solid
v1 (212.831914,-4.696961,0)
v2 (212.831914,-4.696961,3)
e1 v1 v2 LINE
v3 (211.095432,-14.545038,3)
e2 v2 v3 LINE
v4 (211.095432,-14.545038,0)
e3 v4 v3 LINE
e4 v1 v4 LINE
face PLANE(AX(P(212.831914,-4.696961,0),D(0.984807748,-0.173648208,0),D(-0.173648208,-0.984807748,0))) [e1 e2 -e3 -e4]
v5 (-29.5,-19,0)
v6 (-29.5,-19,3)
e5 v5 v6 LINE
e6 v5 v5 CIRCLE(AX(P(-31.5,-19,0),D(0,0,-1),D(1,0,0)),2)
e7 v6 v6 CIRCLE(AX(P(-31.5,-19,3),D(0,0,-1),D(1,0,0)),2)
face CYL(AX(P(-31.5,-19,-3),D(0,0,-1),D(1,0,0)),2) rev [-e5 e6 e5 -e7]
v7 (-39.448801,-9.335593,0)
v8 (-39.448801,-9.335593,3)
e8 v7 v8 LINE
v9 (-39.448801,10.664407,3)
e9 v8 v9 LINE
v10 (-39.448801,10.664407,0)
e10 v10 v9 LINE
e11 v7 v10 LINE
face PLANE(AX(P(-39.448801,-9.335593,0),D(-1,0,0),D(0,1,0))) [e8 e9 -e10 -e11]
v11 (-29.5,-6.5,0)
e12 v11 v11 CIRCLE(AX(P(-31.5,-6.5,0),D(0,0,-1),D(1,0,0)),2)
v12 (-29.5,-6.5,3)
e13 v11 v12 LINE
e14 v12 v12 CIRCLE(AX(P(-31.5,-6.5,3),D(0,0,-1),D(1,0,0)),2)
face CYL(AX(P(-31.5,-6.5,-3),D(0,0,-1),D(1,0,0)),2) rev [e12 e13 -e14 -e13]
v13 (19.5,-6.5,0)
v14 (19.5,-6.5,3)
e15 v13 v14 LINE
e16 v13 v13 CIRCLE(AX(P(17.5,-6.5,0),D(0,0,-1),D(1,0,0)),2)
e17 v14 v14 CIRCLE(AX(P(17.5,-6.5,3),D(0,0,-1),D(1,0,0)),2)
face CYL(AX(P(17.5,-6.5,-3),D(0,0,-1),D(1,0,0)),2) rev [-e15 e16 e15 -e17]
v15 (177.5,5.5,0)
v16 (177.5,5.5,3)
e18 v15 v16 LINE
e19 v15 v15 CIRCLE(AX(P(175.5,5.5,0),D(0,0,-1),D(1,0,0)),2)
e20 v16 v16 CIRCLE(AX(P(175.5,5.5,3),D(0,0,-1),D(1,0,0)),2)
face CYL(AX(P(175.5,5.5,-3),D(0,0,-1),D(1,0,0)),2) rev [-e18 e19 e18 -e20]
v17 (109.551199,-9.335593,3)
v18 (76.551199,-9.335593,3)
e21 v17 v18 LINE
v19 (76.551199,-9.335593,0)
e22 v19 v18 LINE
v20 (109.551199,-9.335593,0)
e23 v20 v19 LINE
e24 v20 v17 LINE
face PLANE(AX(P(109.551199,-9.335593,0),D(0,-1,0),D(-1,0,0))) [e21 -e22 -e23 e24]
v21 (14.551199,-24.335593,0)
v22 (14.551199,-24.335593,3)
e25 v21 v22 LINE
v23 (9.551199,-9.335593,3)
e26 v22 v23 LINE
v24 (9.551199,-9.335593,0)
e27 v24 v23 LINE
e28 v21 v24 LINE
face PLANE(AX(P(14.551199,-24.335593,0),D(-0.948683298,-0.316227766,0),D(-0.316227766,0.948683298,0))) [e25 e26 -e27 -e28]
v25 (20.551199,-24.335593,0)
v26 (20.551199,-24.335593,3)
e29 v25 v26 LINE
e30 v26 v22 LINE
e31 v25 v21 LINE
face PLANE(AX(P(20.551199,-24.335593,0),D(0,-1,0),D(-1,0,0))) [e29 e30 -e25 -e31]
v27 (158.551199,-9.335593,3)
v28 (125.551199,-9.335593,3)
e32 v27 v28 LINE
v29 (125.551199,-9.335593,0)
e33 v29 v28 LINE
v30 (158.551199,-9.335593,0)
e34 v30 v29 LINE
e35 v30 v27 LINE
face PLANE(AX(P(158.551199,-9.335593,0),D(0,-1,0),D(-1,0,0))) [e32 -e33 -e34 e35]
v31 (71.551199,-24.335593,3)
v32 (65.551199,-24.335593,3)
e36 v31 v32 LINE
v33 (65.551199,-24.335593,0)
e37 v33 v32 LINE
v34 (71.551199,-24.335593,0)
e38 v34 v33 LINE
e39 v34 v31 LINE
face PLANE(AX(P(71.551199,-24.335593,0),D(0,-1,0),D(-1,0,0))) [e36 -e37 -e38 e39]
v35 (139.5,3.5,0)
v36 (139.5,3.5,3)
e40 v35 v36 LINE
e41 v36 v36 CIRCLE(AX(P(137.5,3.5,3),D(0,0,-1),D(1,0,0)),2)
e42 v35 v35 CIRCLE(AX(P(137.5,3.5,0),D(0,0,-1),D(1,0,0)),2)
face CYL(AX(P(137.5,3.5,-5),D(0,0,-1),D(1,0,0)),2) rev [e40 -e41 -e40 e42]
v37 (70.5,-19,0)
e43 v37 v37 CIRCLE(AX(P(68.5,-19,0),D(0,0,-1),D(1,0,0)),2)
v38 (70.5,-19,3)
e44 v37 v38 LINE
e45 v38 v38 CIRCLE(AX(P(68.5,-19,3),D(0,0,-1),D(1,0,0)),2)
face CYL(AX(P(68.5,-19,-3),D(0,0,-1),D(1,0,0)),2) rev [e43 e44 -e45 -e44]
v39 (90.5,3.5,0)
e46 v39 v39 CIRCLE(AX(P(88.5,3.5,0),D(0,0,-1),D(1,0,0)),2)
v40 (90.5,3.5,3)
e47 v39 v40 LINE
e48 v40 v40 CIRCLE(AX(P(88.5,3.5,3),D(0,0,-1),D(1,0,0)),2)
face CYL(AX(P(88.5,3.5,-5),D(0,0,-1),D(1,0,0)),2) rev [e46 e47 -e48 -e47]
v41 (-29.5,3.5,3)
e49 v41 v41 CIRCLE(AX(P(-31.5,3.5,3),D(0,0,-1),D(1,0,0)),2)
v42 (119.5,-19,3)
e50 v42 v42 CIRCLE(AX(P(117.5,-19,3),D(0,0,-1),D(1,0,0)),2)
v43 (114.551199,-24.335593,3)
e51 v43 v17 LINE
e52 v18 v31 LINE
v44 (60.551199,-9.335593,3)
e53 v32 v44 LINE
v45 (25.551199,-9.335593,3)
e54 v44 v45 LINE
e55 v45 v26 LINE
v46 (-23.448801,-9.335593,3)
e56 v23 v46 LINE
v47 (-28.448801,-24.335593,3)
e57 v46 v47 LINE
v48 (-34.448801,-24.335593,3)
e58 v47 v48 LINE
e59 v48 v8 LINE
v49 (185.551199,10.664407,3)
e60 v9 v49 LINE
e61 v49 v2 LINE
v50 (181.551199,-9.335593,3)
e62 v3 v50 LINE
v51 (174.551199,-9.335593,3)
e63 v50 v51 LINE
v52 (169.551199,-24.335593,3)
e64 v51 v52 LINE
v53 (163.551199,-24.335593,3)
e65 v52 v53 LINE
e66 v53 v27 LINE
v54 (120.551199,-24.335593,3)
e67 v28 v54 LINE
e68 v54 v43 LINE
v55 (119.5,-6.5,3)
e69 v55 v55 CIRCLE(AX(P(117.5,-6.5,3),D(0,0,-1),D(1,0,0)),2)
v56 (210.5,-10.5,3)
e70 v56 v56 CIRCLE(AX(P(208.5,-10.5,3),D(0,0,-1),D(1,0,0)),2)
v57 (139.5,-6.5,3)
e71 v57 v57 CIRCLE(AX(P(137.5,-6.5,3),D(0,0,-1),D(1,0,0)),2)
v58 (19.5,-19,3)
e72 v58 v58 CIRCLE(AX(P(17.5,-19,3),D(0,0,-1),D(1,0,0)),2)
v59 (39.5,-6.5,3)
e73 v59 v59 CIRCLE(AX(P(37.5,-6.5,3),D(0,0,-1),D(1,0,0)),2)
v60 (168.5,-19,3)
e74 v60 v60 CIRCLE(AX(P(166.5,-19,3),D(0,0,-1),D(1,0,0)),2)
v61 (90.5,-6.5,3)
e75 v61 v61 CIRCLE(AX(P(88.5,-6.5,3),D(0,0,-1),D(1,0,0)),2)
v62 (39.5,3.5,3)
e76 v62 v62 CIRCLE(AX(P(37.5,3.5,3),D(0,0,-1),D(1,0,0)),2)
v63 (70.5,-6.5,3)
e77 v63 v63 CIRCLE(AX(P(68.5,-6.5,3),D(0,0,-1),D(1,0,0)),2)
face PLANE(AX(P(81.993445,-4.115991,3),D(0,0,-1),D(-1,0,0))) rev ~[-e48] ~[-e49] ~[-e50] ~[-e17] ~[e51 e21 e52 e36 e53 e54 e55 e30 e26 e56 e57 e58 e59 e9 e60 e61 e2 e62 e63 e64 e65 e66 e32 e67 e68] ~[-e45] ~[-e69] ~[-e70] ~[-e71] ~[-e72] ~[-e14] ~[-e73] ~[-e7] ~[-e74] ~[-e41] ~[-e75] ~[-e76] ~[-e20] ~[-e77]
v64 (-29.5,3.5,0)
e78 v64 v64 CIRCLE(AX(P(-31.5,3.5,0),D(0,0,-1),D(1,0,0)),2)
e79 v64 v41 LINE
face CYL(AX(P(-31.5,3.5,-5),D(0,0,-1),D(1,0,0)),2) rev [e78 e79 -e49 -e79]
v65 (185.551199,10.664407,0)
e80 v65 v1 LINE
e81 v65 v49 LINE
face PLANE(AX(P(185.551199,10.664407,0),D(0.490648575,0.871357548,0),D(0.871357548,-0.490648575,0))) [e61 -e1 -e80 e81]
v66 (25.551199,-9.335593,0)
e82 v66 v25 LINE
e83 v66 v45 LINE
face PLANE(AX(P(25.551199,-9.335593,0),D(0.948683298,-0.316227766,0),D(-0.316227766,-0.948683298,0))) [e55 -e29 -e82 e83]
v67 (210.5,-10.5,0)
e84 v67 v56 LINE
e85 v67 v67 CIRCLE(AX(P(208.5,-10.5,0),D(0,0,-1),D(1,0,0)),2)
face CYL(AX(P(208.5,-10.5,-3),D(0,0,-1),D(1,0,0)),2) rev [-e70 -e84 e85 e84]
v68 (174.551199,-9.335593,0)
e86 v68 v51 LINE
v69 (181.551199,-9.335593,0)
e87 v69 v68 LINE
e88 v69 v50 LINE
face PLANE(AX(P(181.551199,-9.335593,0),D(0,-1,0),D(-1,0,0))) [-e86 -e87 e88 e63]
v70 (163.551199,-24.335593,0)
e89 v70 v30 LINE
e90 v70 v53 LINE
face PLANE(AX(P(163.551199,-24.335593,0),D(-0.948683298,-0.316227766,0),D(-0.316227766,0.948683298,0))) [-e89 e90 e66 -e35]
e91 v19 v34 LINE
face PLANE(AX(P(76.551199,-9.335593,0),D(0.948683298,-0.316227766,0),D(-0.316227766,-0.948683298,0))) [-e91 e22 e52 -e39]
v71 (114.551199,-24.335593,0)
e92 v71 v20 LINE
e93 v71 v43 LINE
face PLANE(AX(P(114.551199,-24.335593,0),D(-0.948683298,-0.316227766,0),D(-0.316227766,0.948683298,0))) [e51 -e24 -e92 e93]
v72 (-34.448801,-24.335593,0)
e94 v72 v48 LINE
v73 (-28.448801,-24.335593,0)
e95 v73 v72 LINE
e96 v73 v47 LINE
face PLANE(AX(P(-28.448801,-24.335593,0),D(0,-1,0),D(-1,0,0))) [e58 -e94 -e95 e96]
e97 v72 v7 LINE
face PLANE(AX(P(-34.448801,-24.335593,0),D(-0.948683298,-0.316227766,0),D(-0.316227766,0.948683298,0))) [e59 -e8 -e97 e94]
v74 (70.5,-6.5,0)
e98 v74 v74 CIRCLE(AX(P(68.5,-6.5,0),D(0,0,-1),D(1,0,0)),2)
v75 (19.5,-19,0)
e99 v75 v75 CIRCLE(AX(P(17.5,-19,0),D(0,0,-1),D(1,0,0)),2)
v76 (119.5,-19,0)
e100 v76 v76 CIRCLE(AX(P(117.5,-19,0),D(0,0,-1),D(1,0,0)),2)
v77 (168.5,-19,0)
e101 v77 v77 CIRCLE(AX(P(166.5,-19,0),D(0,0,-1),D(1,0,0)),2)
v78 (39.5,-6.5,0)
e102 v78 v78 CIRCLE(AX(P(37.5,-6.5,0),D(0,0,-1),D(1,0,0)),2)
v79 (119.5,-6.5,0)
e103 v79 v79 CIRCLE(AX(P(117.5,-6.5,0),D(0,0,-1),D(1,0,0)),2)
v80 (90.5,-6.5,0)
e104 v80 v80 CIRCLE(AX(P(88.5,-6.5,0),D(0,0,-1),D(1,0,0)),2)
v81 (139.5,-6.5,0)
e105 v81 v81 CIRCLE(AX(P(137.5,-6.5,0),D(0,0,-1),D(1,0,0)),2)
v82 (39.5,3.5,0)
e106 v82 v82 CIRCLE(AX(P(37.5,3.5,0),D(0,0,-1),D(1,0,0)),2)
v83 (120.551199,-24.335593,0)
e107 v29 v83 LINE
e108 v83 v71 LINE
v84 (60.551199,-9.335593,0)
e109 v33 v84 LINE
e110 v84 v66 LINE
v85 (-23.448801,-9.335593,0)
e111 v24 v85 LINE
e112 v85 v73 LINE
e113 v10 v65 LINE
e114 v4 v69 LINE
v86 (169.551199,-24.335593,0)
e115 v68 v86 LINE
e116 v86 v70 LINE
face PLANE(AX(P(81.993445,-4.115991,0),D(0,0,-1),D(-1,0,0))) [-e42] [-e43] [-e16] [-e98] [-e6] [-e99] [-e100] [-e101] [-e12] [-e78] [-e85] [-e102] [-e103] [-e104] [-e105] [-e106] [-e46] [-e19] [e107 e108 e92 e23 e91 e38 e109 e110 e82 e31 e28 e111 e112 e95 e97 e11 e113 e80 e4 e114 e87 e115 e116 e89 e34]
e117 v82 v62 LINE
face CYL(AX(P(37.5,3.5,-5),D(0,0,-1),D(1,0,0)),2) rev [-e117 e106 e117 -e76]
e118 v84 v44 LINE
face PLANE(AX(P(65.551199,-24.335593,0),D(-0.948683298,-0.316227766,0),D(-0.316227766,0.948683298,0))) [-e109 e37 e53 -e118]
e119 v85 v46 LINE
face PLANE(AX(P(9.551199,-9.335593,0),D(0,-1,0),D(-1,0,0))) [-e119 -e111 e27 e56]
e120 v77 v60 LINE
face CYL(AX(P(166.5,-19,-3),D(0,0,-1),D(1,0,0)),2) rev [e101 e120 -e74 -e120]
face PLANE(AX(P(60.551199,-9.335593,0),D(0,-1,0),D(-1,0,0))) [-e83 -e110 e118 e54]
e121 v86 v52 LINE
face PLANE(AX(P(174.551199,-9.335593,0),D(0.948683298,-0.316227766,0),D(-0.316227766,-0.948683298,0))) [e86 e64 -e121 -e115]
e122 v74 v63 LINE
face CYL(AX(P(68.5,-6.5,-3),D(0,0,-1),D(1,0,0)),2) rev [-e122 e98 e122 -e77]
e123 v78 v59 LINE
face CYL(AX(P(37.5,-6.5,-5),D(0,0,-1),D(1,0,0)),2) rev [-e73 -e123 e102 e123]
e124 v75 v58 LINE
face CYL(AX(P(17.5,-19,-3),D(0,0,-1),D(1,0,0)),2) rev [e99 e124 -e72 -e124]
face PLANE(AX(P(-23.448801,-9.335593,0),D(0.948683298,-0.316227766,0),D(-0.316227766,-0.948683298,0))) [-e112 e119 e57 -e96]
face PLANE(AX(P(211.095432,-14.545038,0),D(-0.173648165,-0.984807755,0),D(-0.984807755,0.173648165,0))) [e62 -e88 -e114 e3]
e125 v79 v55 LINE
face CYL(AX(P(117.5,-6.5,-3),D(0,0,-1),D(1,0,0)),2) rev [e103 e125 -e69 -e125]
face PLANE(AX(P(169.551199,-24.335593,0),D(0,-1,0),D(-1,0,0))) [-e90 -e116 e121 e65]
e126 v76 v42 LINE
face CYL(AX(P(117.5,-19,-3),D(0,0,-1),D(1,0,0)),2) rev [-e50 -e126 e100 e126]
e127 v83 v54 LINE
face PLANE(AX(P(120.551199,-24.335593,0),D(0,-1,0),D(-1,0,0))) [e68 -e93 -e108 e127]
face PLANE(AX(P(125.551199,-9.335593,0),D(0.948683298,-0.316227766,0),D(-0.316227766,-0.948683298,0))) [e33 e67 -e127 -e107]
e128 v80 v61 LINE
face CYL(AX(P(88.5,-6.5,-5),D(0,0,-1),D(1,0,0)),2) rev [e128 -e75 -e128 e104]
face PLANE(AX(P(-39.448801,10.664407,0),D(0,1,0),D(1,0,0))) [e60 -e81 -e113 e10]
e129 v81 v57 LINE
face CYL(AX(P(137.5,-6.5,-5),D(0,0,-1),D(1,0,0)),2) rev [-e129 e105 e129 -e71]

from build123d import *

# Parameters (mm, degrees)
CYLINDER012_R     = 2
CYLINDER012_DEPTH = 10
CYLINDER013_R     = 2
CYLINDER013_DEPTH = 10
CYLINDER014_R     = 2
CYLINDER014_DEPTH = 10
CYLINDER015_R     = 2
CYLINDER015_DEPTH = 10
CYLINDER016_R     = 2
CYLINDER016_DEPTH = 10
CYLINDER017_R     = 2
CYLINDER017_DEPTH = 10
CYLINDER018_R     = 2
CYLINDER018_DEPTH = 10
CYLINDER011_R     = 2
CYLINDER011_DEPTH = 10
CYLINDER007_R     = 2
CYLINDER007_DEPTH = 10
CYLINDER008_R     = 2
CYLINDER008_DEPTH = 10
CYLINDER009_R     = 2
CYLINDER009_DEPTH = 10
CYLINDER010_R     = 2
CYLINDER010_DEPTH = 10
CYLINDER006_R     = 2
CYLINDER006_DEPTH = 10
CYLINDER001_R     = 2
CYLINDER001_DEPTH = 10
CYLINDER005_R     = 2
CYLINDER005_DEPTH = 10
CYLINDER004_R     = 2
CYLINDER004_DEPTH = 10
CYLINDER003_R     = 2
CYLINDER003_DEPTH = 10
CYLINDER002_R     = 2
CYLINDER002_DEPTH = 10
CYLINDER_R        = 2
CYLINDER_DEPTH    = 10
PAD_DEPTH         = 3


with BuildPart() as cylinder012:
    # Cylinder012 → Cylinder012 (new body)
    with BuildSketch(Plane(origin=(37.5, -6.5, -5), x_dir=(1, 0, 0), z_dir=(0, 0, 1))):
        Circle(CYLINDER012_R)
    extrude(amount=CYLINDER012_DEPTH)


with BuildPart() as cylinder013:
    # Cylinder013 → Cylinder013 (new body)
    with BuildSketch(Plane(origin=(88.5, 3.5, -5), x_dir=(1, 0, 0), z_dir=(0, 0, 1))):
        Circle(CYLINDER013_R)
    extrude(amount=CYLINDER013_DEPTH)


with BuildPart() as cylinder014:
    # Cylinder014 → Cylinder014 (new body)
    with BuildSketch(Plane(origin=(88.5, -6.5, -5), x_dir=(1, 0, 0), z_dir=(0, 0, 1))):
        Circle(CYLINDER014_R)
    extrude(amount=CYLINDER014_DEPTH)


with BuildPart() as cylinder015:
    # Cylinder015 → Cylinder015 (new body)
    with BuildSketch(Plane(origin=(137.5, -6.5, -5), x_dir=(1, 0, 0), z_dir=(0, 0, 1))):
        Circle(CYLINDER015_R)
    extrude(amount=CYLINDER015_DEPTH)


with BuildPart() as cylinder016:
    # Cylinder016 → Cylinder016 (new body)
    with BuildSketch(Plane(origin=(137.5, 3.5, -5), x_dir=(1, 0, 0), z_dir=(0, 0, 1))):
        Circle(CYLINDER016_R)
    extrude(amount=CYLINDER016_DEPTH)


with BuildPart() as cylinder017:
    # Cylinder017 → Cylinder017 (new body)
    with BuildSketch(Plane(origin=(37.5, 3.5, -5), x_dir=(1, 0, 0), z_dir=(0, 0, 1))):
        Circle(CYLINDER017_R)
    extrude(amount=CYLINDER017_DEPTH)


with BuildPart() as cylinder018:
    # Cylinder018 → Cylinder018 (new body)
    with BuildSketch(Plane(origin=(117.5, -6.5, -5), x_dir=(1, 0, 0), z_dir=(0, 0, 1))):
        Circle(CYLINDER018_R)
    extrude(amount=CYLINDER018_DEPTH)


with BuildPart() as cylinder011:
    # Cylinder011 → Cylinder011 (new body)
    with BuildSketch(Plane(origin=(-31.5, 3.5, -5), x_dir=(1, 0, 0), z_dir=(0, 0, 1))):
        Circle(CYLINDER011_R)
    extrude(amount=CYLINDER011_DEPTH)


with BuildPart() as cylinder007:
    # Cylinder007 → Cylinder007 (new body)
    with BuildSketch(Plane(origin=(117.5, -6.5, -3), x_dir=(1, 0, 0), z_dir=(0, 0, 1))):
        Circle(CYLINDER007_R)
    extrude(amount=CYLINDER007_DEPTH)


with BuildPart() as cylinder008:
    # Cylinder008 → Cylinder008 (new body)
    with BuildSketch(Plane(origin=(68.5, -6.5, -3), x_dir=(1, 0, 0), z_dir=(0, 0, 1))):
        Circle(CYLINDER008_R)
    extrude(amount=CYLINDER008_DEPTH)


with BuildPart() as cylinder009:
    # Cylinder009 → Cylinder009 (new body)
    with BuildSketch(Plane(origin=(17.5, -6.5, -3), x_dir=(1, 0, 0), z_dir=(0, 0, 1))):
        Circle(CYLINDER009_R)
    extrude(amount=CYLINDER009_DEPTH)


with BuildPart() as cylinder010:
    # Cylinder010 → Cylinder010 (new body)
    with BuildSketch(Plane(origin=(-31.5, -6.5, -3), x_dir=(1, 0, 0), z_dir=(0, 0, 1))):
        Circle(CYLINDER010_R)
    extrude(amount=CYLINDER010_DEPTH)


with BuildPart() as cylinder006:
    # Cylinder006 → Cylinder006 (new body)
    with BuildSketch(Plane(origin=(175.5, 5.5, -3), x_dir=(1, 0, 0), z_dir=(0, 0, 1))):
        Circle(CYLINDER006_R)
    extrude(amount=CYLINDER006_DEPTH)


with BuildPart() as cylinder001:
    # Cylinder001 → Cylinder001 (new body)
    with BuildSketch(Plane(origin=(166.5, -19, -3), x_dir=(1, 0, 0), z_dir=(0, 0, 1))):
        Circle(CYLINDER001_R)
    extrude(amount=CYLINDER001_DEPTH)


with BuildPart() as cylinder005:
    # Cylinder005 → Cylinder005 (new body)
    with BuildSketch(Plane(origin=(208.5, -10.5, -3), x_dir=(1, 0, 0), z_dir=(0, 0, 1))):
        Circle(CYLINDER005_R)
    extrude(amount=CYLINDER005_DEPTH)


with BuildPart() as cylinder004:
    # Cylinder004 → Cylinder004 (new body)
    with BuildSketch(Plane(origin=(-31.5, -19, -3), x_dir=(1, 0, 0), z_dir=(0, 0, 1))):
        Circle(CYLINDER004_R)
    extrude(amount=CYLINDER004_DEPTH)


with BuildPart() as cylinder003:
    # Cylinder003 → Cylinder003 (new body)
    with BuildSketch(Plane(origin=(68.5, -19, -3), x_dir=(1, 0, 0), z_dir=(0, 0, 1))):
        Circle(CYLINDER003_R)
    extrude(amount=CYLINDER003_DEPTH)


with BuildPart() as cylinder002:
    # Cylinder002 → Cylinder002 (new body)
    with BuildSketch(Plane(origin=(117.5, -19, -3), x_dir=(1, 0, 0), z_dir=(0, 0, 1))):
        Circle(CYLINDER002_R)
    extrude(amount=CYLINDER002_DEPTH)


with BuildPart() as cylinder:
    # Cylinder → Cylinder (new body)
    with BuildSketch(Plane(origin=(17.5, -19, -3), x_dir=(1, 0, 0), z_dir=(0, 0, 1))):
        Circle(CYLINDER_R)
    extrude(amount=CYLINDER_DEPTH)


with BuildPart() as cut018:
    # Sketch001 → Pad (new body)
    with BuildSketch(Plane.XY):
        Polygon((-43.448801, 7.664407), (181.551199, 7.664407), (208.831914, -7.696961), (207.095432, -17.545038), (177.551199, -12.335593), (170.551199, -12.335593), (165.551199, -27.335593), (159.551199, -27.335593), (154.551199, -12.335593), (121.551199, -12.335593), (116.551199, -27.335593), (110.551199, -27.335593), (105.551199, -12.335593), (72.551199, -12.335593), (67.551199, -27.335593), (61.551199, -27.335593), (56.551199, -12.335593), (21.551199, -12.335593), (16.551199, -27.335593), (10.551199, -27.335593), (5.551199, -12.335593), (-27.448801, -12.335593), (-32.448801, -27.335593), (-38.448801, -27.335593), (-43.448801, -12.335593), align=None)
    extrude(amount=PAD_DEPTH)


with BuildPart() as cut018_1:
    # Body001 placement: moved
    add(cut018.part.moved(Location((4, 3, 0))))

    # Cut: cut Cylinder
    add(cylinder.part, mode=Mode.SUBTRACT)

    # Cut001: cut Cylinder002
    add(cylinder002.part, mode=Mode.SUBTRACT)

    # Cut002: cut Cylinder003
    add(cylinder003.part, mode=Mode.SUBTRACT)

    # Cut003: cut Cylinder004
    add(cylinder004.part, mode=Mode.SUBTRACT)

    # Cut004: cut Cylinder005
    add(cylinder005.part, mode=Mode.SUBTRACT)

    # Cut005: cut Cylinder001
    add(cylinder001.part, mode=Mode.SUBTRACT)

    # Cut006: cut Cylinder006
    add(cylinder006.part, mode=Mode.SUBTRACT)

    # Cut007: cut Cylinder010
    add(cylinder010.part, mode=Mode.SUBTRACT)

    # Cut008: cut Cylinder009
    add(cylinder009.part, mode=Mode.SUBTRACT)

    # Cut009: cut Cylinder008
    add(cylinder008.part, mode=Mode.SUBTRACT)

    # Cut010: cut Cylinder007
    add(cylinder007.part, mode=Mode.SUBTRACT)

    # Cut011: cut Cylinder011
    add(cylinder011.part, mode=Mode.SUBTRACT)

    # Cut012: cut Cylinder018
    add(cylinder018.part, mode=Mode.SUBTRACT)

    # Cut013: cut Cylinder017
    add(cylinder017.part, mode=Mode.SUBTRACT)

    # Cut014: cut Cylinder016
    add(cylinder016.part, mode=Mode.SUBTRACT)

    # Cut015: cut Cylinder015
    add(cylinder015.part, mode=Mode.SUBTRACT)

    # Cut016: cut Cylinder014
    add(cylinder014.part, mode=Mode.SUBTRACT)

    # Cut017: cut Cylinder013
    add(cylinder013.part, mode=Mode.SUBTRACT)

    # Cut018: cut Cylinder012
    add(cylinder012.part, mode=Mode.SUBTRACT)


solid = cut018_1.part
